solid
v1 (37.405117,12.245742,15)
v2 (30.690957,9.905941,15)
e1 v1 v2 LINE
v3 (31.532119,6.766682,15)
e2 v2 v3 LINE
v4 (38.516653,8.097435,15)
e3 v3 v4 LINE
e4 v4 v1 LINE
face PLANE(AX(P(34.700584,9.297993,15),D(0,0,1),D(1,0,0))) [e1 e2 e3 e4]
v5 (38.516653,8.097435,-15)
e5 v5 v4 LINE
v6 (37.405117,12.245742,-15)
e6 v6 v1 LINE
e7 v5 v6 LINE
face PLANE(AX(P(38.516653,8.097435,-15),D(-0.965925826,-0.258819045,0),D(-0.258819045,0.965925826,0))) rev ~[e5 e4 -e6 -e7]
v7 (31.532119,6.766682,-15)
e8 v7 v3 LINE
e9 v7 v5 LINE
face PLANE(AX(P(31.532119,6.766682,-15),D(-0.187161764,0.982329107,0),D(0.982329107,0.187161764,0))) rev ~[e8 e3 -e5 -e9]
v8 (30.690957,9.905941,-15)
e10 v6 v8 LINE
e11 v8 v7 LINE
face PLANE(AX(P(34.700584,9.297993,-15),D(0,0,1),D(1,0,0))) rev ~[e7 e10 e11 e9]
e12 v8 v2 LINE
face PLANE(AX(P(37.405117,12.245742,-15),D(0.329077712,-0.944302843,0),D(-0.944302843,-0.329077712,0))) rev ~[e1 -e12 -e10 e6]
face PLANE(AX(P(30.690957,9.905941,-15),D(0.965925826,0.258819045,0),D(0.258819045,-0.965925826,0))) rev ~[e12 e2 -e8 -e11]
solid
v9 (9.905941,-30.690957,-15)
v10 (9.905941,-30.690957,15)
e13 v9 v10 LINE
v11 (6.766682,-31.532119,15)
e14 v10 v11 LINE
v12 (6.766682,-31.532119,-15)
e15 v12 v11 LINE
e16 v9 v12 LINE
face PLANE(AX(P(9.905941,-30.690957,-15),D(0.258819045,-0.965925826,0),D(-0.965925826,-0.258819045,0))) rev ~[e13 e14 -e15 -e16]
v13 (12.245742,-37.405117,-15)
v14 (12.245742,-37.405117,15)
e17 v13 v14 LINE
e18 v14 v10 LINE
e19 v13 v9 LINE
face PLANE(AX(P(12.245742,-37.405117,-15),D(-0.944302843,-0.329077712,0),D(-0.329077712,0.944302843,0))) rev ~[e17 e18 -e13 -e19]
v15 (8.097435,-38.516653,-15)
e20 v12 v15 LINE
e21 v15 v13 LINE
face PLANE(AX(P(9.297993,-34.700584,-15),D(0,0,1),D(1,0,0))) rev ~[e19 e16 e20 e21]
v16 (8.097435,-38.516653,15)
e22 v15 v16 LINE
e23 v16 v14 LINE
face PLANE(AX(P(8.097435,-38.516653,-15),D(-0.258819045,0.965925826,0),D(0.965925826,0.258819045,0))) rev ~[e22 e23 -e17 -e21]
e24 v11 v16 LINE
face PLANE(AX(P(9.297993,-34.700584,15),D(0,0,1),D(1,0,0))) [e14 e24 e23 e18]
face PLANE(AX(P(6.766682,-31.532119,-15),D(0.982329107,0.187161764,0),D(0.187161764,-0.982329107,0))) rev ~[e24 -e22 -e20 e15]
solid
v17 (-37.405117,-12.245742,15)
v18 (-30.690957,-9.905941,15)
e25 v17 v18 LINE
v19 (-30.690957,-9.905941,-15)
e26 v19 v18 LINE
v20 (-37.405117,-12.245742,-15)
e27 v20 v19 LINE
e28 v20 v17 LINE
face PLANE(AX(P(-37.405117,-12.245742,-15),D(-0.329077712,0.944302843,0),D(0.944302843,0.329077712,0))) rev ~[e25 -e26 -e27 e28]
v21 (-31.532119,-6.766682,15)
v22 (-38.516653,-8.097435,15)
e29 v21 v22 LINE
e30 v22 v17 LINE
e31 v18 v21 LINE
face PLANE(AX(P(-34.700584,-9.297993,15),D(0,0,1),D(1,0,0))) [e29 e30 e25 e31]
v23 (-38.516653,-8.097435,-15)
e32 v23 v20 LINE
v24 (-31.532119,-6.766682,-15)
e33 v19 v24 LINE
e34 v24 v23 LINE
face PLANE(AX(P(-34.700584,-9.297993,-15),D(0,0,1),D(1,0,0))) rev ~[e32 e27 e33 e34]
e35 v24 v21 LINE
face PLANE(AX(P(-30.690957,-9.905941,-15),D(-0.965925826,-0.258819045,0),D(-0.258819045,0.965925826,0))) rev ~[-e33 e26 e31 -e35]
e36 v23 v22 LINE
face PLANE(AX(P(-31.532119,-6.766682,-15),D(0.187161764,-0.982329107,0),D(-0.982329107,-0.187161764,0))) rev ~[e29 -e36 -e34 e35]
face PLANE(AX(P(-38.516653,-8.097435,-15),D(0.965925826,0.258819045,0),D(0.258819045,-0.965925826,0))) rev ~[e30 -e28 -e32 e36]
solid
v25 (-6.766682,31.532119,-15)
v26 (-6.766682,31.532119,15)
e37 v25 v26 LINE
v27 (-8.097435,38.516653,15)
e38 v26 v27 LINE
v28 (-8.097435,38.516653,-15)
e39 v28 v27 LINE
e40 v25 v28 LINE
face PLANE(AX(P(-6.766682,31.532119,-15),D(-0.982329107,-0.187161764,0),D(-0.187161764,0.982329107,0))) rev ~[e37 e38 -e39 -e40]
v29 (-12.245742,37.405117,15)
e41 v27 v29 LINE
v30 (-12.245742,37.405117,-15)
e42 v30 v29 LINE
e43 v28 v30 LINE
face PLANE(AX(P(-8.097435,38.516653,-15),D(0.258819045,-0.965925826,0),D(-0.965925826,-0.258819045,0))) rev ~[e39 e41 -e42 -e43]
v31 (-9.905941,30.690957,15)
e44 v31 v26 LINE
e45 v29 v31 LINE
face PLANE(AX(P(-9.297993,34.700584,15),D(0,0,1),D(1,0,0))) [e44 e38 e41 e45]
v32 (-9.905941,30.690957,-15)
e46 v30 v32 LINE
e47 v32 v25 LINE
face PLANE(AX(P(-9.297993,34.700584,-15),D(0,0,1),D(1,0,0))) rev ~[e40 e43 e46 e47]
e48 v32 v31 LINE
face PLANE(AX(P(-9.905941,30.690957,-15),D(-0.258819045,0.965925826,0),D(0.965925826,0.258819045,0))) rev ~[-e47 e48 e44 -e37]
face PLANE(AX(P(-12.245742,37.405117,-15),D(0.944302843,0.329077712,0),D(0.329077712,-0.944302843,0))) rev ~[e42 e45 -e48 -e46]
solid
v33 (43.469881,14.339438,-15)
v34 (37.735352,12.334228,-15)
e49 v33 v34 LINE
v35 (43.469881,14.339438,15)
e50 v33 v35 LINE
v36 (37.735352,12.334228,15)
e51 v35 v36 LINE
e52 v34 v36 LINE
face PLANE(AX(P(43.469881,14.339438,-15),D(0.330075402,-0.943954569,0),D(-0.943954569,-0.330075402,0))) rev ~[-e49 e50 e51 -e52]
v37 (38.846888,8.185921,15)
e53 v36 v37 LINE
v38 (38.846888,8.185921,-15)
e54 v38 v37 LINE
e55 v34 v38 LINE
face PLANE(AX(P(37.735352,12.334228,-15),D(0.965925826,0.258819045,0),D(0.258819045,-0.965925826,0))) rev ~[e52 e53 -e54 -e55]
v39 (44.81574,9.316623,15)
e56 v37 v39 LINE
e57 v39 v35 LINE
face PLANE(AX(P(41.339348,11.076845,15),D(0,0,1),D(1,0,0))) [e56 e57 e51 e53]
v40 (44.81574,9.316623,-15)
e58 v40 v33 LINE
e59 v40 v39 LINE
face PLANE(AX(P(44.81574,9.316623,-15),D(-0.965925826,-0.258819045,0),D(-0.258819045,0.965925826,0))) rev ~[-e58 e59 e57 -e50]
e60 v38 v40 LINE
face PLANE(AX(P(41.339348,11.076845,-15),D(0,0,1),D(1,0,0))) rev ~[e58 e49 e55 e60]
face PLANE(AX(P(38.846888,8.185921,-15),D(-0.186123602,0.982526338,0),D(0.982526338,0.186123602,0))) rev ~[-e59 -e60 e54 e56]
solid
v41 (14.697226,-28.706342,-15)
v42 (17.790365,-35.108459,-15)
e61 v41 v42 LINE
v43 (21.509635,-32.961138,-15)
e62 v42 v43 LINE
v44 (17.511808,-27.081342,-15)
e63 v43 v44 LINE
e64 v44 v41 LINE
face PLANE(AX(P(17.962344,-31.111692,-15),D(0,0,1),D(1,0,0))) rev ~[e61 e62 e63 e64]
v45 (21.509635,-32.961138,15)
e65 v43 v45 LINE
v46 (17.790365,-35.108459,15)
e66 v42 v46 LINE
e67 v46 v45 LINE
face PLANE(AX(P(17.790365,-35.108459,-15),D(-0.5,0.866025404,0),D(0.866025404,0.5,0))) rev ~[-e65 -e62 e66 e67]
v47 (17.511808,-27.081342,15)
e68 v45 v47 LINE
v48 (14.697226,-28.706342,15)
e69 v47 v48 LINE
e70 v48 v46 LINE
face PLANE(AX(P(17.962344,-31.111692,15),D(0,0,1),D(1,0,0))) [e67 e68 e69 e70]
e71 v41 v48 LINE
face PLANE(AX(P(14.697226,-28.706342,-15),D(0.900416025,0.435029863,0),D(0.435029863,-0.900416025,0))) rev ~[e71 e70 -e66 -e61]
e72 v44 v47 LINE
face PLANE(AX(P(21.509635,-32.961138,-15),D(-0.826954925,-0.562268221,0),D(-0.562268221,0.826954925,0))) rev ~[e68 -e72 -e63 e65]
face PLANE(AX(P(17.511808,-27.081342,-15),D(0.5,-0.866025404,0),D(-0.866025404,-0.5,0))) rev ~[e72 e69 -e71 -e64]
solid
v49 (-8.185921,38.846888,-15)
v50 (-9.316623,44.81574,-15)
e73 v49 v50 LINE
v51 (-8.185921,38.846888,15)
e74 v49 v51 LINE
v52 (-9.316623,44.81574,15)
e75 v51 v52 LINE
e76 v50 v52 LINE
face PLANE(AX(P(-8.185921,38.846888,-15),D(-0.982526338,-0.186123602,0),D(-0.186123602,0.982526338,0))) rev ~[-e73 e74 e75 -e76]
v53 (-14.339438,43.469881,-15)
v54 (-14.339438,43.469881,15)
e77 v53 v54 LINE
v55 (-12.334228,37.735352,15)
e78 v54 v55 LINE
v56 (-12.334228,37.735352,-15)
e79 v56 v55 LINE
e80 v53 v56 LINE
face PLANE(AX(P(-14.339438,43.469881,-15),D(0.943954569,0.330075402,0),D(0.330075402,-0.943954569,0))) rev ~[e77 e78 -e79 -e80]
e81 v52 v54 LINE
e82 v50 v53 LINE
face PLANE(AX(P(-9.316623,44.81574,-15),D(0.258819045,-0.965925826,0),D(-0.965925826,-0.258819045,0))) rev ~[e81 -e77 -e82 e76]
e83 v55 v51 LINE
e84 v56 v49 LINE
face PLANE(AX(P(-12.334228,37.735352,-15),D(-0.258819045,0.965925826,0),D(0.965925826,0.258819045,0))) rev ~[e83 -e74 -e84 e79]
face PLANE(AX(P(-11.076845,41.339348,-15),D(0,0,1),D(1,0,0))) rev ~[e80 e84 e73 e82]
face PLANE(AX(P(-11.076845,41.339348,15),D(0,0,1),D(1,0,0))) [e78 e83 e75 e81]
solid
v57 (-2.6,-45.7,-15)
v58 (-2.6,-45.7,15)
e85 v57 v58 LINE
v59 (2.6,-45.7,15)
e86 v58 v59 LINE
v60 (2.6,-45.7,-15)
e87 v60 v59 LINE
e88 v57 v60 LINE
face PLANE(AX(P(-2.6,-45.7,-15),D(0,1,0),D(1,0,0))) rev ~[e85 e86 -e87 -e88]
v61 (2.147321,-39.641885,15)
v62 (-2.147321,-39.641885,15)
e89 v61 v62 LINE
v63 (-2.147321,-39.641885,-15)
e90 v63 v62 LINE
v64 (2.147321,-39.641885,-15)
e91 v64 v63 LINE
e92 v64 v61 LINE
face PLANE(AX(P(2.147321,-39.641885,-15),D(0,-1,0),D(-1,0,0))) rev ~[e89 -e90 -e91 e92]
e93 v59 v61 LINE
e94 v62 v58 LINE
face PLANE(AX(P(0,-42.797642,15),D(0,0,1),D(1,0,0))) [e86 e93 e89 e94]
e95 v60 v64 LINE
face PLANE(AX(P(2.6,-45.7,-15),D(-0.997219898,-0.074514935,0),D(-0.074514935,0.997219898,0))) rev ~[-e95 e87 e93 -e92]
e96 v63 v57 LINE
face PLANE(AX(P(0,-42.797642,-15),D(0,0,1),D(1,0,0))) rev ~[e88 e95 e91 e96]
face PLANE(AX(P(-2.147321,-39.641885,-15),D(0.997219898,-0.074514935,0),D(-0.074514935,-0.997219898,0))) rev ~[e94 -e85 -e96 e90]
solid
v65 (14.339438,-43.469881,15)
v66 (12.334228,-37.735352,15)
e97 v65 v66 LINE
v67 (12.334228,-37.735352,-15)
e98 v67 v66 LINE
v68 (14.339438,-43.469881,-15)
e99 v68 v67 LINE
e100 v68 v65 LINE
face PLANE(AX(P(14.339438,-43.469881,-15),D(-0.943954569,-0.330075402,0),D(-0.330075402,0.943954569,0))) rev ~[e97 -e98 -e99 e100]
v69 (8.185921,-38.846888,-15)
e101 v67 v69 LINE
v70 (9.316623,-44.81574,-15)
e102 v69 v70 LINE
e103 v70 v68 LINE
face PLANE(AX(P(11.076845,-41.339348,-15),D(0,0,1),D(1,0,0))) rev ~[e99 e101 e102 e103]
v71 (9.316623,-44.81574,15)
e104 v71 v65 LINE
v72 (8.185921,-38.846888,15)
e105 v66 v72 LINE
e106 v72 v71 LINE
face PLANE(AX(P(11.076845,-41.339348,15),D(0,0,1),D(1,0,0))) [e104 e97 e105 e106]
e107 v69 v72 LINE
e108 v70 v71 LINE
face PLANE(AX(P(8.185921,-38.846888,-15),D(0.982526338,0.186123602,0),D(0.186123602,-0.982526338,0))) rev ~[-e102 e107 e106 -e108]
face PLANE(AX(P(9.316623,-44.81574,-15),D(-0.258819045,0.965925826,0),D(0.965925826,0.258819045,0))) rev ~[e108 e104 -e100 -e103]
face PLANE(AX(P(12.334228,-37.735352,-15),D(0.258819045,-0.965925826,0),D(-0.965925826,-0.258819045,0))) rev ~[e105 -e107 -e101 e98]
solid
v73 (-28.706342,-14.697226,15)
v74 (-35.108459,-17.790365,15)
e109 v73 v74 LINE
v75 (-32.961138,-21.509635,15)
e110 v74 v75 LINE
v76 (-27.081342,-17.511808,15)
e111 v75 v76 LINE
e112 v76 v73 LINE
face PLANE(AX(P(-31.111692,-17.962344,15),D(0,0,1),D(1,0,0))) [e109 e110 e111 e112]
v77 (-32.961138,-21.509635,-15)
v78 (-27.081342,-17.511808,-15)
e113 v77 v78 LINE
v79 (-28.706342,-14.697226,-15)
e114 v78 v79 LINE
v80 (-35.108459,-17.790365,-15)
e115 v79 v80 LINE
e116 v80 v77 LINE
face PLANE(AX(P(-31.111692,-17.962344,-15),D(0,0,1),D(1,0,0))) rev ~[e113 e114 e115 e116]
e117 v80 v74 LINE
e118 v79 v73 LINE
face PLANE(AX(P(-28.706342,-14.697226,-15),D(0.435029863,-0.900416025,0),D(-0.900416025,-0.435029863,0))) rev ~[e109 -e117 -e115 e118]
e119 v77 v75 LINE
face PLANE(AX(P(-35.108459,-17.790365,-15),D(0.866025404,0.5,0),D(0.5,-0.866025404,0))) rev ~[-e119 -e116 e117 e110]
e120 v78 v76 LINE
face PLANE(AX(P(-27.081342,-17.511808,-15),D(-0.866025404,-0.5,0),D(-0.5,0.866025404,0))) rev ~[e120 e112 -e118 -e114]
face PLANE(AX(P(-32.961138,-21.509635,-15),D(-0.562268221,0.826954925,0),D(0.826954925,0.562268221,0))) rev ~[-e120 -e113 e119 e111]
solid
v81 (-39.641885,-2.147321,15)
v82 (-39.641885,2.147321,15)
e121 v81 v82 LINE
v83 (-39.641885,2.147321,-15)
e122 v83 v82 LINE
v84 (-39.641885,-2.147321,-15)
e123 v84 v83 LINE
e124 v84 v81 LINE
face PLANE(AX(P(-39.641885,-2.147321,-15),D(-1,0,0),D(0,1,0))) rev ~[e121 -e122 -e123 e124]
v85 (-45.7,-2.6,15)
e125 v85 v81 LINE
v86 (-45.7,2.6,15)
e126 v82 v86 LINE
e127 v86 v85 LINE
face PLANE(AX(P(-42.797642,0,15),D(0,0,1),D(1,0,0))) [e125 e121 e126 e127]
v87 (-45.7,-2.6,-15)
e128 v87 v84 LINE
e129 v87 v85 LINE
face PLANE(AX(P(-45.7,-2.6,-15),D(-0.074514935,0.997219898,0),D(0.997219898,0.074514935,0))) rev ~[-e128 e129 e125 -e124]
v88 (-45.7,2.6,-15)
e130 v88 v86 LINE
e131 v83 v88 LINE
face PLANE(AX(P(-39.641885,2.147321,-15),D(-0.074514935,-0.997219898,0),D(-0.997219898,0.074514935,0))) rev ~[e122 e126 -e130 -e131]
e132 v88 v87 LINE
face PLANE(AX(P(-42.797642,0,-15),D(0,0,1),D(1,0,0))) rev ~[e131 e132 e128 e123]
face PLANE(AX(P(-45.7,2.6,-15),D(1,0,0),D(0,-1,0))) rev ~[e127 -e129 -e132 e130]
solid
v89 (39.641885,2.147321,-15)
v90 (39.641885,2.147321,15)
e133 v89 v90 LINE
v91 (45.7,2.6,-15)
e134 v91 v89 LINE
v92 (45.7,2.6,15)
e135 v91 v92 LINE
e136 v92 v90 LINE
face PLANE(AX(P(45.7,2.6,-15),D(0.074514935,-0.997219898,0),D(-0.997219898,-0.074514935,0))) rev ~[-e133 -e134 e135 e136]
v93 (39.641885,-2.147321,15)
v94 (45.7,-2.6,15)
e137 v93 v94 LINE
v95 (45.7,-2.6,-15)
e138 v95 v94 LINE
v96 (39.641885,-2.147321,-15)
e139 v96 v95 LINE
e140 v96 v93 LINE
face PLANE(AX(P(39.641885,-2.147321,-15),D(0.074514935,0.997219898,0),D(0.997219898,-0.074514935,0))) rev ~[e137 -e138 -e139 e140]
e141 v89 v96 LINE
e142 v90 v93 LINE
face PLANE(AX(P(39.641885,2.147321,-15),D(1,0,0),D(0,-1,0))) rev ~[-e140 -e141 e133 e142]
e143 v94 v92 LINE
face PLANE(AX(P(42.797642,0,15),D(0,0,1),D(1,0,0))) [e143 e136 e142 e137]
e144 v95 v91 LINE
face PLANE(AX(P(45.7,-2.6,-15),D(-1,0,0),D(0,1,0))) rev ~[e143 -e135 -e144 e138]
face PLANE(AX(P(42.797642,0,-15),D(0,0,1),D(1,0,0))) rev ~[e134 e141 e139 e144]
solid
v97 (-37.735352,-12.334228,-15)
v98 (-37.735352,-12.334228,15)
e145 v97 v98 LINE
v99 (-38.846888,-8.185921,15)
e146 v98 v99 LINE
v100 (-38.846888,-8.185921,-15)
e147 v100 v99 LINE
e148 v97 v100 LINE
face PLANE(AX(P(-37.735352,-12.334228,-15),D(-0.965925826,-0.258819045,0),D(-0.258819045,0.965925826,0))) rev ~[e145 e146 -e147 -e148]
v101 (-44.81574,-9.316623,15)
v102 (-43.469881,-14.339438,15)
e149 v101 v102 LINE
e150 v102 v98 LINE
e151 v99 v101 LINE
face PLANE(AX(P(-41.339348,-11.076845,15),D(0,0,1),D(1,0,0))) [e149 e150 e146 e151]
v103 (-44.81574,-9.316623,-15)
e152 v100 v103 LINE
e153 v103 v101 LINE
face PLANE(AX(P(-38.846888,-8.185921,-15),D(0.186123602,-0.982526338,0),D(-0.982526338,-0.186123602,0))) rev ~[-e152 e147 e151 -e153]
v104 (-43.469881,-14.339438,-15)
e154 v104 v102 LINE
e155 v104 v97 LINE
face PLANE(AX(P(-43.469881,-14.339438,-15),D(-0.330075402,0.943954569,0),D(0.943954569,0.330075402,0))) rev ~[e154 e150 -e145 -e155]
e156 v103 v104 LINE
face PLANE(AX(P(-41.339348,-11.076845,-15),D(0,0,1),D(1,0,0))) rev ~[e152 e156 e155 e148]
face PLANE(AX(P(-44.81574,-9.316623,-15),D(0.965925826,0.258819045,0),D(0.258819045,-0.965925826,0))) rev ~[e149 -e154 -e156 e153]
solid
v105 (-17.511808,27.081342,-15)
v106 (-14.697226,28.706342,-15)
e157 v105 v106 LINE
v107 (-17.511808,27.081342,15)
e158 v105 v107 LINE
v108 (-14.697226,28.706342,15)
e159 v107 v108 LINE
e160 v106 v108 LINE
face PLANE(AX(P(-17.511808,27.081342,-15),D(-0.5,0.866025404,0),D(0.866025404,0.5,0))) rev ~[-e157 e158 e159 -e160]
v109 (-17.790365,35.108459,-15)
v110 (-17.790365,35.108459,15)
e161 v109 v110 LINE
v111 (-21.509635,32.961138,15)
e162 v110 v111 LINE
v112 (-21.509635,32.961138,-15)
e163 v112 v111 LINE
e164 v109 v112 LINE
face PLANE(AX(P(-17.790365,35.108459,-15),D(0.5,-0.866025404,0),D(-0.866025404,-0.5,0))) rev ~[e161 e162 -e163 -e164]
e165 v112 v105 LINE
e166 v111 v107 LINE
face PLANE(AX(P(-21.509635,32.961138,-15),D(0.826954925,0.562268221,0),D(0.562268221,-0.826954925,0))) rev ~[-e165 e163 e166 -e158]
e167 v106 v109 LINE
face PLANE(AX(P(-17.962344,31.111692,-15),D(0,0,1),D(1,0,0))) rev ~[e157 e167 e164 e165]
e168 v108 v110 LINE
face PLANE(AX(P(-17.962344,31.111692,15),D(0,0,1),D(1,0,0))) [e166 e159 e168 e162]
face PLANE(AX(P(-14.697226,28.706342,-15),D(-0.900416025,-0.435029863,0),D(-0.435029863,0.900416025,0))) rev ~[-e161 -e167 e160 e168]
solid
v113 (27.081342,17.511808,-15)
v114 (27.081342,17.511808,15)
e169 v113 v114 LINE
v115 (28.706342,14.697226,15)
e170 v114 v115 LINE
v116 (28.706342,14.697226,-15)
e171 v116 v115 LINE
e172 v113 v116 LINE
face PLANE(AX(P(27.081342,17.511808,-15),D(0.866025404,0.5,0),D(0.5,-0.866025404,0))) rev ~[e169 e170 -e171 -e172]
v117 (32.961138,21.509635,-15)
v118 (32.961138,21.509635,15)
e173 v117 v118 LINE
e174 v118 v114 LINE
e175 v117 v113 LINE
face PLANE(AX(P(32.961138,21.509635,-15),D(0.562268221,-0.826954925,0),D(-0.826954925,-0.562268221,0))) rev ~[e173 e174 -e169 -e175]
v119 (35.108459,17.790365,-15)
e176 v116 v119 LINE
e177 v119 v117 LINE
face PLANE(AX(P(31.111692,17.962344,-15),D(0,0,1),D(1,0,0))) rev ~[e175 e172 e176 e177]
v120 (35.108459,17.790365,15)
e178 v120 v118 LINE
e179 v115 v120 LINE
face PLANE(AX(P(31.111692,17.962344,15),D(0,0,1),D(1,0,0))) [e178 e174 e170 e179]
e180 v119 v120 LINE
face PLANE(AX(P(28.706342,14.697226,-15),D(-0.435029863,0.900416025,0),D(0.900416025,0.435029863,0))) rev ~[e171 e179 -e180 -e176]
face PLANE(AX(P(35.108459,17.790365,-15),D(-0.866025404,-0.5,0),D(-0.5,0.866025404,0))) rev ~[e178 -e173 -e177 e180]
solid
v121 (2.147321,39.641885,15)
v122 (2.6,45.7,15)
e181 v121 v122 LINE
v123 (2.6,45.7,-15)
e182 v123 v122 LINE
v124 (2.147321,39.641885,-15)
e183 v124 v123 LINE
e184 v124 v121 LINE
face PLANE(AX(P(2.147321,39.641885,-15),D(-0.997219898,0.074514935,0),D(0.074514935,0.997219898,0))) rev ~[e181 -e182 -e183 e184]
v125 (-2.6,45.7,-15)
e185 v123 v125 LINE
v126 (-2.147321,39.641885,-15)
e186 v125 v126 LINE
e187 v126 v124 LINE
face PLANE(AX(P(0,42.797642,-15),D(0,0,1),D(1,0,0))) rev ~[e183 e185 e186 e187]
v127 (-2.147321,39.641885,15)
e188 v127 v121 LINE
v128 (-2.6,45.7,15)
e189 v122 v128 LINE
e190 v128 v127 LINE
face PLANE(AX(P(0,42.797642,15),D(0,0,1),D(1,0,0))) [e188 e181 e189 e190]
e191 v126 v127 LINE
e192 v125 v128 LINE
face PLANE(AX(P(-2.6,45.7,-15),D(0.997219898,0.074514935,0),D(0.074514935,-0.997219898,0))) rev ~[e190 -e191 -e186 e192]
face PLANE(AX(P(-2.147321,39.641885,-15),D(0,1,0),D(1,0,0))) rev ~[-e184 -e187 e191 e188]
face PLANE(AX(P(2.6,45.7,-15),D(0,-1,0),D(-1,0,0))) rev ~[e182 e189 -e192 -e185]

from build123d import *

# Parameters (mm, degrees)
COIL_SIDES_START    = -15
COIL_SIDES_DEPTH    = 30
COIL_SIDES_2_DEPTH  = 30
COIL_SIDES_3_DEPTH  = 30
COIL_SIDES_4_DEPTH  = 30
COIL_SIDES_5_DEPTH  = 30
COIL_SIDES_6_DEPTH  = 30
COIL_SIDES_7_DEPTH  = 30
COIL_SIDES_8_DEPTH  = 30
COIL_SIDES_9_DEPTH  = 30
COIL_SIDES_10_DEPTH = 30
COIL_SIDES_11_DEPTH = 30
COIL_SIDES_12_DEPTH = 30
COIL_SIDES_13_DEPTH = 30
COIL_SIDES_14_DEPTH = 30
COIL_SIDES_15_DEPTH = 30
COIL_SIDES_16_DEPTH = 30


with BuildPart() as part:
    # Эскиз1 → Coil_sides (new body)
    with BuildSketch(Plane.XY.offset(COIL_SIDES_START)):
        Polygon((39.64188455, -2.147321429), (45.7, -2.6), (45.7, 2.6), (39.64188455, 2.147321429), align=None)
    extrude(amount=COIL_SIDES_DEPTH)


with BuildPart() as body_2:
    # Эскиз1 → Coil_sides 2 (new body)
    with BuildSketch(Plane.XY.offset(COIL_SIDES_START)):
        Polygon((31.532118785, 6.766681971), (38.516652655, 8.097435247), (37.405117291, 12.245741698), (30.690956889, 9.905940906), align=None)
    extrude(amount=COIL_SIDES_2_DEPTH)


with BuildPart() as body_3:
    # Эскиз1 → Coil_sides 3 (new body)
    with BuildSketch(Plane.XY.offset(COIL_SIDES_START)):
        Polygon((38.846887771, 8.18592148), (44.815739779, 9.316623213), (43.469880744, 14.33943751), (37.735352408, 12.334227931), align=None)
    extrude(amount=COIL_SIDES_3_DEPTH)


with BuildPart() as body_4:
    # Эскиз1 → Coil_sides 4 (new body)
    with BuildSketch(Plane.XY.offset(COIL_SIDES_START)):
        Polygon((28.706341726, 14.697225748), (35.108459083, 17.790365093), (32.961137654, 21.509634907), (27.081341726, 17.511808311), align=None)
    extrude(amount=COIL_SIDES_4_DEPTH)


with BuildPart() as body_5:
    # Эскиз1 → Coil_sides 5 (new body)
    with BuildSketch(Plane.XY.offset(COIL_SIDES_START)):
        Polygon((2.147321429, 39.64188455), (2.6, 45.7), (-2.6, 45.7), (-2.147321429, 39.64188455), align=None)
    extrude(amount=COIL_SIDES_5_DEPTH)


with BuildPart() as body_6:
    # Эскиз1 → Coil_sides 6 (new body)
    with BuildSketch(Plane.XY.offset(COIL_SIDES_START)):
        Polygon((-6.766681971, 31.532118785), (-8.097435247, 38.516652655), (-12.245741698, 37.405117291), (-9.905940906, 30.690956889), align=None)
    extrude(amount=COIL_SIDES_6_DEPTH)


with BuildPart() as body_7:
    # Эскиз1 → Coil_sides 7 (new body)
    with BuildSketch(Plane.XY.offset(COIL_SIDES_START)):
        Polygon((-8.18592148, 38.846887771), (-9.316623213, 44.815739779), (-14.33943751, 43.469880744), (-12.334227931, 37.735352408), align=None)
    extrude(amount=COIL_SIDES_7_DEPTH)


with BuildPart() as body_8:
    # Эскиз1 → Coil_sides 8 (new body)
    with BuildSketch(Plane.XY.offset(COIL_SIDES_START)):
        Polygon((-14.697225748, 28.706341726), (-17.790365093, 35.108459083), (-21.509634907, 32.961137654), (-17.511808311, 27.081341726), align=None)
    extrude(amount=COIL_SIDES_8_DEPTH)


with BuildPart() as body_9:
    # Эскиз1 → Coil_sides 9 (new body)
    with BuildSketch(Plane.XY.offset(COIL_SIDES_START)):
        Polygon((-39.64188455, 2.147321429), (-45.7, 2.6), (-45.7, -2.6), (-39.64188455, -2.147321429), align=None)
    extrude(amount=COIL_SIDES_9_DEPTH)


with BuildPart() as body_10:
    # Эскиз1 → Coil_sides 10 (new body)
    with BuildSketch(Plane.XY.offset(COIL_SIDES_START)):
        Polygon((-31.532118785, -6.766681971), (-38.516652655, -8.097435247), (-37.405117291, -12.245741698), (-30.690956889, -9.905940906), align=None)
    extrude(amount=COIL_SIDES_10_DEPTH)


with BuildPart() as body_11:
    # Эскиз1 → Coil_sides 11 (new body)
    with BuildSketch(Plane.XY.offset(COIL_SIDES_START)):
        Polygon((-38.846887771, -8.18592148), (-44.815739779, -9.316623213), (-43.469880744, -14.33943751), (-37.735352408, -12.334227931), align=None)
    extrude(amount=COIL_SIDES_11_DEPTH)


with BuildPart() as body_12:
    # Эскиз1 → Coil_sides 12 (new body)
    with BuildSketch(Plane.XY.offset(COIL_SIDES_START)):
        Polygon((-28.706341726, -14.697225748), (-35.108459083, -17.790365093), (-32.961137654, -21.509634907), (-27.081341726, -17.511808311), align=None)
    extrude(amount=COIL_SIDES_12_DEPTH)


with BuildPart() as body_13:
    # Эскиз1 → Coil_sides 13 (new body)
    with BuildSketch(Plane.XY.offset(COIL_SIDES_START)):
        Polygon((-2.147321429, -39.64188455), (-2.6, -45.7), (2.6, -45.7), (2.147321429, -39.64188455), align=None)
    extrude(amount=COIL_SIDES_13_DEPTH)


with BuildPart() as body_14:
    # Эскиз1 → Coil_sides 14 (new body)
    with BuildSketch(Plane.XY.offset(COIL_SIDES_START)):
        Polygon((6.766681971, -31.532118785), (8.097435247, -38.516652655), (12.245741698, -37.405117291), (9.905940906, -30.690956889), align=None)
    extrude(amount=COIL_SIDES_14_DEPTH)


with BuildPart() as body_15:
    # Эскиз1 → Coil_sides 15 (new body)
    with BuildSketch(Plane.XY.offset(COIL_SIDES_START)):
        Polygon((8.18592148, -38.846887771), (9.316623213, -44.815739779), (14.33943751, -43.469880744), (12.334227931, -37.735352408), align=None)
    extrude(amount=COIL_SIDES_15_DEPTH)


with BuildPart() as body_16:
    # Эскиз1 → Coil_sides 16 (new body)
    with BuildSketch(Plane.XY.offset(COIL_SIDES_START)):
        Polygon((14.697225748, -28.706341726), (17.790365093, -35.108459083), (21.509634907, -32.961137654), (17.511808311, -27.081341726), align=None)
    extrude(amount=COIL_SIDES_16_DEPTH)


solid = Compound([part.part, body_2.part, body_3.part, body_4.part, body_5.part, body_6.part, body_7.part, body_8.part, body_9.part, body_10.part, body_11.part, body_12.part, body_13.part, body_14.part, body_15.part, body_16.part])
